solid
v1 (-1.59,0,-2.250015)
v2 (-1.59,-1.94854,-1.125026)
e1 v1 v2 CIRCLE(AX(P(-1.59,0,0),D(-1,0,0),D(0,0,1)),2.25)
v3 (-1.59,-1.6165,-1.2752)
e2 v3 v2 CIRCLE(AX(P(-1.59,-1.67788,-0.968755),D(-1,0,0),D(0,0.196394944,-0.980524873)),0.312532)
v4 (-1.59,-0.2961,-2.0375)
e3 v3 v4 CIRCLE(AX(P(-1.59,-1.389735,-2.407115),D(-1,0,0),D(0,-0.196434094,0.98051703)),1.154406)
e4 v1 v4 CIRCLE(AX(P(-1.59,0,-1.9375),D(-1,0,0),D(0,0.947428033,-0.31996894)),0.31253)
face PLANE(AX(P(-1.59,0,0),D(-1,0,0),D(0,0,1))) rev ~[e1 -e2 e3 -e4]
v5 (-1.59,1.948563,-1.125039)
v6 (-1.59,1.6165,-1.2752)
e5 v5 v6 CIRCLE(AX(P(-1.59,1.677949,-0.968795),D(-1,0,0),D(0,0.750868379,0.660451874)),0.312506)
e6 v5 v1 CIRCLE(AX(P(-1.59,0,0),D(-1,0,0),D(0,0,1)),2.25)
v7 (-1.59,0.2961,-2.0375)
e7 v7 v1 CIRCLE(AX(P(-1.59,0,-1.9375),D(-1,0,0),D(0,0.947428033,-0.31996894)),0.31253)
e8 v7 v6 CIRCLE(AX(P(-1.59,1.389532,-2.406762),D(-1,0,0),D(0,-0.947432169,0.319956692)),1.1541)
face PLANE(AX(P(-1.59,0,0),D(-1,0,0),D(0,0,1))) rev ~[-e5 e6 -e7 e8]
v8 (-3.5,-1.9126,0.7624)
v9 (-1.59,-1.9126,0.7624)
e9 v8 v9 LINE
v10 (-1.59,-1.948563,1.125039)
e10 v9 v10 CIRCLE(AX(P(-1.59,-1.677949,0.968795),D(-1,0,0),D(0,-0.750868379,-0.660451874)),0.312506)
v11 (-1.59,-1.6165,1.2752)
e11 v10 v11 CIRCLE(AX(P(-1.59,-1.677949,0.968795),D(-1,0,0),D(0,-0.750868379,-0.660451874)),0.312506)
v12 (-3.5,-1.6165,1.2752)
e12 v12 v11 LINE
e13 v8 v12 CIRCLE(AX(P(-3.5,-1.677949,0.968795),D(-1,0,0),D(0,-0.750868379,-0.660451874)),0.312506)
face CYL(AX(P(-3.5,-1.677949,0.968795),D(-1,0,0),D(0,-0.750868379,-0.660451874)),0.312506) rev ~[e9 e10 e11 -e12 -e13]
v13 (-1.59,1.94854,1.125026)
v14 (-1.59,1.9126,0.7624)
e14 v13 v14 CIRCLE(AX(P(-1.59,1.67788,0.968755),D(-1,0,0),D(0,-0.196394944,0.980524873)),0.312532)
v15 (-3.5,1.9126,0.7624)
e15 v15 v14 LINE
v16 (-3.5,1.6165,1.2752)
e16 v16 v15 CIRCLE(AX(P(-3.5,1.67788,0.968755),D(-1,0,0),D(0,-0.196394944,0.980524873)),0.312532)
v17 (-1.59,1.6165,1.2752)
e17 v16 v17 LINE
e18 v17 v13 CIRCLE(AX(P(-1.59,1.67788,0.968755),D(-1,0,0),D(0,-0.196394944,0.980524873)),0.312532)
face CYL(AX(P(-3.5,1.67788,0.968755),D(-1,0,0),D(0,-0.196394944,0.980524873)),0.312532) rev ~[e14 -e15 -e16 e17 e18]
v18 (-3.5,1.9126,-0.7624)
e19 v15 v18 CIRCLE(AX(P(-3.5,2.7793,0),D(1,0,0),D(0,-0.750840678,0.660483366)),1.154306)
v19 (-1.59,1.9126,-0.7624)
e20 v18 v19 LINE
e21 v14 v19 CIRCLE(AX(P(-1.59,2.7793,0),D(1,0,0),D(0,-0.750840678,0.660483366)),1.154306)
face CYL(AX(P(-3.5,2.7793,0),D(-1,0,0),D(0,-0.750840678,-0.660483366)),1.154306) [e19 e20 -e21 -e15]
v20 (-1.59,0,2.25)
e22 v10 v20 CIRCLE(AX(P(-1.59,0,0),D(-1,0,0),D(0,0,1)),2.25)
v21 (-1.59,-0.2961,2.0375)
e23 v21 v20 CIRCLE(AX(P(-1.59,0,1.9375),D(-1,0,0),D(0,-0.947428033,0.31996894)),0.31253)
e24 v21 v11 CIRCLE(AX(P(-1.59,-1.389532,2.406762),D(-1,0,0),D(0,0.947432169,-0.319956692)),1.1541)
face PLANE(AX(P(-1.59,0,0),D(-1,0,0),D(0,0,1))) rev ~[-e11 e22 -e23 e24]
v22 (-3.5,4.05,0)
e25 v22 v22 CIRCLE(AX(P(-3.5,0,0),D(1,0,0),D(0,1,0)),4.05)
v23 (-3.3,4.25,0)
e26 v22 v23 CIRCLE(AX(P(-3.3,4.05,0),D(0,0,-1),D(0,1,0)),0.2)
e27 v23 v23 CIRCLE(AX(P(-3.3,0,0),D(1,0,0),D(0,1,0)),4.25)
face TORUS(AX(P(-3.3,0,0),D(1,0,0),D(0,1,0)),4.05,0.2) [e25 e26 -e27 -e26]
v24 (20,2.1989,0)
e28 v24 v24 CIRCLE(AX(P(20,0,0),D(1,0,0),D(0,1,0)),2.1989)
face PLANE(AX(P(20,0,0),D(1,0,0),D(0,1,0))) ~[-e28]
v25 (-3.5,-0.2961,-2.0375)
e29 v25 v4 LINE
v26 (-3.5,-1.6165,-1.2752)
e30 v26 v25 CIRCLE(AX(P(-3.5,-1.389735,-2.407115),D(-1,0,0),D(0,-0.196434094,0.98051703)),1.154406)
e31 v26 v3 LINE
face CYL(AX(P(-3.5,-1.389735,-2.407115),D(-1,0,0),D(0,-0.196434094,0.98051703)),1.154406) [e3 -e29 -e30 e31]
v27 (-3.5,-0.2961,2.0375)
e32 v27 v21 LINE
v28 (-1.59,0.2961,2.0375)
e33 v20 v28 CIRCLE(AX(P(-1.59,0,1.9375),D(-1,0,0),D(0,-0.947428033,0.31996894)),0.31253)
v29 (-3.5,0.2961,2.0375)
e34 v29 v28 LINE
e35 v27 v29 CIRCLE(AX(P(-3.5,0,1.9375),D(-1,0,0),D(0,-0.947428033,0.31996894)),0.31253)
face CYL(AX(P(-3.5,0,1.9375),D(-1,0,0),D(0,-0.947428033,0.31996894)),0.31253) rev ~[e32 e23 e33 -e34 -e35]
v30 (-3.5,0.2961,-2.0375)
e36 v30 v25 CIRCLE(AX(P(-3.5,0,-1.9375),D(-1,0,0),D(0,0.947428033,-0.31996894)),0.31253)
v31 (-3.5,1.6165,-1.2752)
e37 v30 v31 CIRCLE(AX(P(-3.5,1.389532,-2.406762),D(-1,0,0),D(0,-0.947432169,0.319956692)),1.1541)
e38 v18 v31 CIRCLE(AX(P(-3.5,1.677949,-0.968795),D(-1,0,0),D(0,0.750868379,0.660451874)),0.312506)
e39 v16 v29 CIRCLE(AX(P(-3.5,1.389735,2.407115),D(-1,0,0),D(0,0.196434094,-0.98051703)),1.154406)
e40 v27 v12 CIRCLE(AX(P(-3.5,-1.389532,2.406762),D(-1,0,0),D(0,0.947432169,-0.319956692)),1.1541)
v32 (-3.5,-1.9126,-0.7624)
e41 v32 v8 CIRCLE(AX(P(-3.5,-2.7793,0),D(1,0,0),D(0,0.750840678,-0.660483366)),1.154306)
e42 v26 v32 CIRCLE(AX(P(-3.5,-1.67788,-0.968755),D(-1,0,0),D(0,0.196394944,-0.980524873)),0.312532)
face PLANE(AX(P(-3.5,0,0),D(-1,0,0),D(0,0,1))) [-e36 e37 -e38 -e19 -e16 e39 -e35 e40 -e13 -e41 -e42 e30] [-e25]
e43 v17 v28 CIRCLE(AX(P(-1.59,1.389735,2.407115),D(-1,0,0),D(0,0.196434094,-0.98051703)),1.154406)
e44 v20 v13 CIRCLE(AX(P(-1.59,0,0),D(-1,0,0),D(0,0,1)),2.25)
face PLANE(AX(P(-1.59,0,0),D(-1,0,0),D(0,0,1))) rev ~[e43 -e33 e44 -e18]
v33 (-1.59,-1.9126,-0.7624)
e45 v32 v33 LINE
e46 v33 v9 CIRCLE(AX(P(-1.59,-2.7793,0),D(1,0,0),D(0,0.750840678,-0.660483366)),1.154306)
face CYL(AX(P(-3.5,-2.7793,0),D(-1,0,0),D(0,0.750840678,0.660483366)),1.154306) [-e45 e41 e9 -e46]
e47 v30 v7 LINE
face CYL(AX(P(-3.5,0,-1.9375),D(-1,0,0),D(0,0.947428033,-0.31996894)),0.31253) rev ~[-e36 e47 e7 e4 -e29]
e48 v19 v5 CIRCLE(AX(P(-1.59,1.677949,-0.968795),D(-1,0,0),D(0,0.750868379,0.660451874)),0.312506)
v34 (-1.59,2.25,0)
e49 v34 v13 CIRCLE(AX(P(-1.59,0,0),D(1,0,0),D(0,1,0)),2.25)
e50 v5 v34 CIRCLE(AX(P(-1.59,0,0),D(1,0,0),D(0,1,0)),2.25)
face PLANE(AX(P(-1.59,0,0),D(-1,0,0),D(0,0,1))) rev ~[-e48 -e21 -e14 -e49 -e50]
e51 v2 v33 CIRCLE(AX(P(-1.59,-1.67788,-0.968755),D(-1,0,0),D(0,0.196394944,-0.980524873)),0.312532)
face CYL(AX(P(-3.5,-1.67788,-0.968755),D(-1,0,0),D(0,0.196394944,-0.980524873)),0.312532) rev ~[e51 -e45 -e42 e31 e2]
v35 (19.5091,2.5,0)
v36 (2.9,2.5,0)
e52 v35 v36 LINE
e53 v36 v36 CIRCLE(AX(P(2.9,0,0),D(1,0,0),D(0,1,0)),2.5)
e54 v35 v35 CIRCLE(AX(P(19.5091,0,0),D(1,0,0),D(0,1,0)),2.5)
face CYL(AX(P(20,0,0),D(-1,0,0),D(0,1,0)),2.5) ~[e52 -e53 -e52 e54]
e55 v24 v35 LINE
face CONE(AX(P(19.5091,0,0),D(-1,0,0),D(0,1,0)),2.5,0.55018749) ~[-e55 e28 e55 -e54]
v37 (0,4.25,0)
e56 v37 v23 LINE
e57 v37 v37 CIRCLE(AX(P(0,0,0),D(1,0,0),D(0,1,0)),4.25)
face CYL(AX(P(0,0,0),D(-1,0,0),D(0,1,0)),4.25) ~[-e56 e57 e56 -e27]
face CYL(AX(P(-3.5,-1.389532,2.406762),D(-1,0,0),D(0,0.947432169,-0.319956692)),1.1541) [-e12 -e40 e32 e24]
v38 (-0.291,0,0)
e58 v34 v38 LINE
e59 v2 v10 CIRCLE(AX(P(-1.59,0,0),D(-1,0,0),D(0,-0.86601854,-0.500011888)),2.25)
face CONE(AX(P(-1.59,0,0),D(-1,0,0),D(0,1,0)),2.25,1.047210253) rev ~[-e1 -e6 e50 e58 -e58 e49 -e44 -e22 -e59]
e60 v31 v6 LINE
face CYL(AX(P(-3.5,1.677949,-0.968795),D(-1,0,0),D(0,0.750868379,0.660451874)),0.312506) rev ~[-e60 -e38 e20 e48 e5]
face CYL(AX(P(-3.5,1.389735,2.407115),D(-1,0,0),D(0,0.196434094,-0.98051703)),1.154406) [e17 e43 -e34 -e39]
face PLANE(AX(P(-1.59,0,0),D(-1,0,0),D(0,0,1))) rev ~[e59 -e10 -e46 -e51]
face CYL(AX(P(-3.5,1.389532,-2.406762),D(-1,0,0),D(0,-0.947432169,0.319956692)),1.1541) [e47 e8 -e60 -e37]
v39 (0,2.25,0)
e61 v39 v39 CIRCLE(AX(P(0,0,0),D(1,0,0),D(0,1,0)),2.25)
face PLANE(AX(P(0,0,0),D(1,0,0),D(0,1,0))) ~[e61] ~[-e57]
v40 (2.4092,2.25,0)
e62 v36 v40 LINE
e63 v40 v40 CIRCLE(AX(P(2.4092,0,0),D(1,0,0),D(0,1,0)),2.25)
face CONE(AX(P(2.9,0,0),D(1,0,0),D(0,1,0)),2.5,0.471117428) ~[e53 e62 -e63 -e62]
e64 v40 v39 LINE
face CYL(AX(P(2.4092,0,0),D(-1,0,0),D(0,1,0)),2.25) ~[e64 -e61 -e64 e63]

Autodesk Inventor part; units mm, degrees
ref_plane "YZ Plane" through (0, 0, 0) normal (1, 0, 0) x (0, 1, 0)
ref_plane "XZ Plane" through (0, 0, 0) normal (0, 1, 0) x (-1, 0, 0)
sketch "Szkic1" plane through (0, 0, 0) normal (0, 0, 1) x (1, 0, 0)
  line L0 (-0.291, 0) -> (20, 0)
  line L1 (20, 0) -> (20, 2.5)
  line L2 (20, 2.5) -> (2.9, 2.5)
  line L3 (2.9, 2.5) -> (2.4092, 2.25)
  line L4 (2.4092, 2.25) -> (0, 2.25)
  line L5 (0, 2.25) -> (0, 4.25)
  line L6 (0, 4.25) -> (-3.5, 4.25)
  line L7 (-3.5, 4.25) -> (-3.5, 2.25)
  line L8 (-3.5, 2.25) -> (-1.59, 2.25)
  line L9 (-1.59, 2.25) -> (-0.291, 0)
  line L10 (-8.2, 0) -> (24.7, 0) projected
  line L11 (0, -0.85) -> (0, 5.1) projected
  line L12 (2.9, 2.5) -> (0, 2.5) construction
  dimension "d1" = 17.1
  dimension "d2" = 0.4908
  dimension "d3" = 3.5
  dimension "d4" = 1.91
  dimension "d5" = 60
  dimension "d6" = 5
  dimension "d7" = 4.5
  dimension "d8" = 4.5
  dimension "d9" = 8.5
  dimension "d20" = 20
revolve "Bryła" add sketch "Szkic1" angle 360 about axis through (-0.291, 0, 0) along (1, 0, 0)
sketch "Szkic2" plane through (-3.5, 0, 0) normal (-1, 0, 0) x (0, 0, 1)
  line L0 (0, -5.95) -> (0, 5.95) projected
  line L1 (-5.95, 0) -> (5.95, 0) projected
  circle A0 centre (0, 0) radius 2.25 construction
  circle A1 centre (0, 0) radius 1.625 construction
  line L2 (0, 0) -> (1.9486, 1.125) construction
  line L3 (0, 0) -> (1.125, 1.9486) construction
  arc A2 (1.2752, 1.6165) -> (0.7624, 1.9126) centre (0.9688, 1.6779) ccw
  arc A3 (1.2752, 1.6165) -> (2.0375, 0.2961) centre (2.4069, 1.3897) ccw
  arc A4 (2.0375, -0.2961) -> (2.0375, 0.2961) centre (1.9375, 0) ccw
  arc A5 (2.0375, -0.2961) -> (1.2752, -1.6165) centre (2.4069, -1.3897) ccw
  arc A6 (-0.7624, 1.9126) -> (0.7624, 1.9126) centre (0, 2.7793) ccw
  arc A7 (-0.7624, 1.9126) -> (-1.2752, 1.6165) centre (-0.9688, 1.6779) ccw
  arc A8 (-2.0375, 0.2961) -> (-1.2752, 1.6165) centre (-2.4069, 1.3897) ccw
  arc A9 (-2.0375, 0.2961) -> (-2.0375, -0.2961) centre (-1.9375, 0) ccw
  arc A10 (-1.2752, -1.6165) -> (-2.0375, -0.2961) centre (-2.4069, -1.3897) ccw
  arc A11 (0.7624, -1.9126) -> (1.2752, -1.6165) centre (0.9688, -1.6779) ccw
  arc A12 (0.7624, -1.9126) -> (-0.7624, -1.9126) centre (0, -2.7793) ccw
  arc A13 (-1.2752, -1.6165) -> (-0.7624, -1.9126) centre (-0.9688, -1.6779) ccw
  circle A14 centre (0, 0) radius 2.25 projected
  dimension "d34" = 30
  dimension "d35" = 60
  dimension "d36" = 3.25
  dimension "d37" = 4.5
  dimension "d38" = 0.3125
extrude "Szczelina" add sketch "Szkic2" against normal blind 1.91 contours A14 A13 A12 L0 | L0 A12 A11 A14 | A14 A9 A10 A13 | A11 A5 A4 A14 | A14 A7 A8 A9 | A4 A3 A2 A14 | A6 A7 A14 L0 | L0 A14 A2 A6
fillet "Zaokrąglenie1" radius 0.2 1 edges at (-3.5, -4.25, 0)
thread "Gwint" size "M5x0.8" class "6g" standard "ISO Metric profile" length 17.1
chamfer "Faza1" distance 0.3011 distance2 0.4909 1 edges at (20, -2.5, 0) measured on face at (20, -0.7379, -0.3873)
ref_plane "Work Plane1" through (11.45, 0, 0) normal (0, -0.6331, -0.774) x (1, 0, 0)
equation "\"d1\" = GEL"
equation "\"d2\" = GAL"
equation "\"d3\" = KOH"
equation "\"d4\" = INTI"
equation "\"d6\" = GD"
equation "\"d7\" = BDM"
equation "\"d8\" = SW"
equation "\"d9\" = KOD"
equation "\"d20\" = NLG"
equation "\"d36\" = E0"
equation "\"d37\" = SW"
equation "\"d38\" = -0.25 * E0 + 0.25 * SW"
equation "\"d11\" = INTI"
equation "\"d17\" = RR"
equation "\"d13\" = GEL"
equation "\"d15\" = -0.5 * SPD + 0.5 * GD"
equation "\"GD\" = NND"
equation "\"NLG\" = 20"
equation "\"GEL\" = 17.1"
equation "\"KOD\" = 8.5"
equation "\"KOH\" = 3.5"
equation "\"INTI\" = 1.91"
equation "\"GAL\" = 0.61345 * PTC"
equation "\"GUL\" = 0.61345 * PTC"
equation "\"BDM\" = 4.5"
equation "\"SW\" = 4.5"
equation "\"RR\" = 0.2"
equation "\"SPD\" = NND - 1.2269 * GAL"
equation "\"E0\" = 3.25"
equation "\"TOA\" = 30deg"
equation "\"GD1\" = THREADDIA - 1.2269 * PTC"
equation "\"THREADDIA\" = 5"
equation "\"PTC\" = 0.8"
equation "\"NND\" = 5"
equation "\"RRK\" = 0.35"
properties part number "NF E 25-130 - M5 x 20" material "Stal, miękka"
